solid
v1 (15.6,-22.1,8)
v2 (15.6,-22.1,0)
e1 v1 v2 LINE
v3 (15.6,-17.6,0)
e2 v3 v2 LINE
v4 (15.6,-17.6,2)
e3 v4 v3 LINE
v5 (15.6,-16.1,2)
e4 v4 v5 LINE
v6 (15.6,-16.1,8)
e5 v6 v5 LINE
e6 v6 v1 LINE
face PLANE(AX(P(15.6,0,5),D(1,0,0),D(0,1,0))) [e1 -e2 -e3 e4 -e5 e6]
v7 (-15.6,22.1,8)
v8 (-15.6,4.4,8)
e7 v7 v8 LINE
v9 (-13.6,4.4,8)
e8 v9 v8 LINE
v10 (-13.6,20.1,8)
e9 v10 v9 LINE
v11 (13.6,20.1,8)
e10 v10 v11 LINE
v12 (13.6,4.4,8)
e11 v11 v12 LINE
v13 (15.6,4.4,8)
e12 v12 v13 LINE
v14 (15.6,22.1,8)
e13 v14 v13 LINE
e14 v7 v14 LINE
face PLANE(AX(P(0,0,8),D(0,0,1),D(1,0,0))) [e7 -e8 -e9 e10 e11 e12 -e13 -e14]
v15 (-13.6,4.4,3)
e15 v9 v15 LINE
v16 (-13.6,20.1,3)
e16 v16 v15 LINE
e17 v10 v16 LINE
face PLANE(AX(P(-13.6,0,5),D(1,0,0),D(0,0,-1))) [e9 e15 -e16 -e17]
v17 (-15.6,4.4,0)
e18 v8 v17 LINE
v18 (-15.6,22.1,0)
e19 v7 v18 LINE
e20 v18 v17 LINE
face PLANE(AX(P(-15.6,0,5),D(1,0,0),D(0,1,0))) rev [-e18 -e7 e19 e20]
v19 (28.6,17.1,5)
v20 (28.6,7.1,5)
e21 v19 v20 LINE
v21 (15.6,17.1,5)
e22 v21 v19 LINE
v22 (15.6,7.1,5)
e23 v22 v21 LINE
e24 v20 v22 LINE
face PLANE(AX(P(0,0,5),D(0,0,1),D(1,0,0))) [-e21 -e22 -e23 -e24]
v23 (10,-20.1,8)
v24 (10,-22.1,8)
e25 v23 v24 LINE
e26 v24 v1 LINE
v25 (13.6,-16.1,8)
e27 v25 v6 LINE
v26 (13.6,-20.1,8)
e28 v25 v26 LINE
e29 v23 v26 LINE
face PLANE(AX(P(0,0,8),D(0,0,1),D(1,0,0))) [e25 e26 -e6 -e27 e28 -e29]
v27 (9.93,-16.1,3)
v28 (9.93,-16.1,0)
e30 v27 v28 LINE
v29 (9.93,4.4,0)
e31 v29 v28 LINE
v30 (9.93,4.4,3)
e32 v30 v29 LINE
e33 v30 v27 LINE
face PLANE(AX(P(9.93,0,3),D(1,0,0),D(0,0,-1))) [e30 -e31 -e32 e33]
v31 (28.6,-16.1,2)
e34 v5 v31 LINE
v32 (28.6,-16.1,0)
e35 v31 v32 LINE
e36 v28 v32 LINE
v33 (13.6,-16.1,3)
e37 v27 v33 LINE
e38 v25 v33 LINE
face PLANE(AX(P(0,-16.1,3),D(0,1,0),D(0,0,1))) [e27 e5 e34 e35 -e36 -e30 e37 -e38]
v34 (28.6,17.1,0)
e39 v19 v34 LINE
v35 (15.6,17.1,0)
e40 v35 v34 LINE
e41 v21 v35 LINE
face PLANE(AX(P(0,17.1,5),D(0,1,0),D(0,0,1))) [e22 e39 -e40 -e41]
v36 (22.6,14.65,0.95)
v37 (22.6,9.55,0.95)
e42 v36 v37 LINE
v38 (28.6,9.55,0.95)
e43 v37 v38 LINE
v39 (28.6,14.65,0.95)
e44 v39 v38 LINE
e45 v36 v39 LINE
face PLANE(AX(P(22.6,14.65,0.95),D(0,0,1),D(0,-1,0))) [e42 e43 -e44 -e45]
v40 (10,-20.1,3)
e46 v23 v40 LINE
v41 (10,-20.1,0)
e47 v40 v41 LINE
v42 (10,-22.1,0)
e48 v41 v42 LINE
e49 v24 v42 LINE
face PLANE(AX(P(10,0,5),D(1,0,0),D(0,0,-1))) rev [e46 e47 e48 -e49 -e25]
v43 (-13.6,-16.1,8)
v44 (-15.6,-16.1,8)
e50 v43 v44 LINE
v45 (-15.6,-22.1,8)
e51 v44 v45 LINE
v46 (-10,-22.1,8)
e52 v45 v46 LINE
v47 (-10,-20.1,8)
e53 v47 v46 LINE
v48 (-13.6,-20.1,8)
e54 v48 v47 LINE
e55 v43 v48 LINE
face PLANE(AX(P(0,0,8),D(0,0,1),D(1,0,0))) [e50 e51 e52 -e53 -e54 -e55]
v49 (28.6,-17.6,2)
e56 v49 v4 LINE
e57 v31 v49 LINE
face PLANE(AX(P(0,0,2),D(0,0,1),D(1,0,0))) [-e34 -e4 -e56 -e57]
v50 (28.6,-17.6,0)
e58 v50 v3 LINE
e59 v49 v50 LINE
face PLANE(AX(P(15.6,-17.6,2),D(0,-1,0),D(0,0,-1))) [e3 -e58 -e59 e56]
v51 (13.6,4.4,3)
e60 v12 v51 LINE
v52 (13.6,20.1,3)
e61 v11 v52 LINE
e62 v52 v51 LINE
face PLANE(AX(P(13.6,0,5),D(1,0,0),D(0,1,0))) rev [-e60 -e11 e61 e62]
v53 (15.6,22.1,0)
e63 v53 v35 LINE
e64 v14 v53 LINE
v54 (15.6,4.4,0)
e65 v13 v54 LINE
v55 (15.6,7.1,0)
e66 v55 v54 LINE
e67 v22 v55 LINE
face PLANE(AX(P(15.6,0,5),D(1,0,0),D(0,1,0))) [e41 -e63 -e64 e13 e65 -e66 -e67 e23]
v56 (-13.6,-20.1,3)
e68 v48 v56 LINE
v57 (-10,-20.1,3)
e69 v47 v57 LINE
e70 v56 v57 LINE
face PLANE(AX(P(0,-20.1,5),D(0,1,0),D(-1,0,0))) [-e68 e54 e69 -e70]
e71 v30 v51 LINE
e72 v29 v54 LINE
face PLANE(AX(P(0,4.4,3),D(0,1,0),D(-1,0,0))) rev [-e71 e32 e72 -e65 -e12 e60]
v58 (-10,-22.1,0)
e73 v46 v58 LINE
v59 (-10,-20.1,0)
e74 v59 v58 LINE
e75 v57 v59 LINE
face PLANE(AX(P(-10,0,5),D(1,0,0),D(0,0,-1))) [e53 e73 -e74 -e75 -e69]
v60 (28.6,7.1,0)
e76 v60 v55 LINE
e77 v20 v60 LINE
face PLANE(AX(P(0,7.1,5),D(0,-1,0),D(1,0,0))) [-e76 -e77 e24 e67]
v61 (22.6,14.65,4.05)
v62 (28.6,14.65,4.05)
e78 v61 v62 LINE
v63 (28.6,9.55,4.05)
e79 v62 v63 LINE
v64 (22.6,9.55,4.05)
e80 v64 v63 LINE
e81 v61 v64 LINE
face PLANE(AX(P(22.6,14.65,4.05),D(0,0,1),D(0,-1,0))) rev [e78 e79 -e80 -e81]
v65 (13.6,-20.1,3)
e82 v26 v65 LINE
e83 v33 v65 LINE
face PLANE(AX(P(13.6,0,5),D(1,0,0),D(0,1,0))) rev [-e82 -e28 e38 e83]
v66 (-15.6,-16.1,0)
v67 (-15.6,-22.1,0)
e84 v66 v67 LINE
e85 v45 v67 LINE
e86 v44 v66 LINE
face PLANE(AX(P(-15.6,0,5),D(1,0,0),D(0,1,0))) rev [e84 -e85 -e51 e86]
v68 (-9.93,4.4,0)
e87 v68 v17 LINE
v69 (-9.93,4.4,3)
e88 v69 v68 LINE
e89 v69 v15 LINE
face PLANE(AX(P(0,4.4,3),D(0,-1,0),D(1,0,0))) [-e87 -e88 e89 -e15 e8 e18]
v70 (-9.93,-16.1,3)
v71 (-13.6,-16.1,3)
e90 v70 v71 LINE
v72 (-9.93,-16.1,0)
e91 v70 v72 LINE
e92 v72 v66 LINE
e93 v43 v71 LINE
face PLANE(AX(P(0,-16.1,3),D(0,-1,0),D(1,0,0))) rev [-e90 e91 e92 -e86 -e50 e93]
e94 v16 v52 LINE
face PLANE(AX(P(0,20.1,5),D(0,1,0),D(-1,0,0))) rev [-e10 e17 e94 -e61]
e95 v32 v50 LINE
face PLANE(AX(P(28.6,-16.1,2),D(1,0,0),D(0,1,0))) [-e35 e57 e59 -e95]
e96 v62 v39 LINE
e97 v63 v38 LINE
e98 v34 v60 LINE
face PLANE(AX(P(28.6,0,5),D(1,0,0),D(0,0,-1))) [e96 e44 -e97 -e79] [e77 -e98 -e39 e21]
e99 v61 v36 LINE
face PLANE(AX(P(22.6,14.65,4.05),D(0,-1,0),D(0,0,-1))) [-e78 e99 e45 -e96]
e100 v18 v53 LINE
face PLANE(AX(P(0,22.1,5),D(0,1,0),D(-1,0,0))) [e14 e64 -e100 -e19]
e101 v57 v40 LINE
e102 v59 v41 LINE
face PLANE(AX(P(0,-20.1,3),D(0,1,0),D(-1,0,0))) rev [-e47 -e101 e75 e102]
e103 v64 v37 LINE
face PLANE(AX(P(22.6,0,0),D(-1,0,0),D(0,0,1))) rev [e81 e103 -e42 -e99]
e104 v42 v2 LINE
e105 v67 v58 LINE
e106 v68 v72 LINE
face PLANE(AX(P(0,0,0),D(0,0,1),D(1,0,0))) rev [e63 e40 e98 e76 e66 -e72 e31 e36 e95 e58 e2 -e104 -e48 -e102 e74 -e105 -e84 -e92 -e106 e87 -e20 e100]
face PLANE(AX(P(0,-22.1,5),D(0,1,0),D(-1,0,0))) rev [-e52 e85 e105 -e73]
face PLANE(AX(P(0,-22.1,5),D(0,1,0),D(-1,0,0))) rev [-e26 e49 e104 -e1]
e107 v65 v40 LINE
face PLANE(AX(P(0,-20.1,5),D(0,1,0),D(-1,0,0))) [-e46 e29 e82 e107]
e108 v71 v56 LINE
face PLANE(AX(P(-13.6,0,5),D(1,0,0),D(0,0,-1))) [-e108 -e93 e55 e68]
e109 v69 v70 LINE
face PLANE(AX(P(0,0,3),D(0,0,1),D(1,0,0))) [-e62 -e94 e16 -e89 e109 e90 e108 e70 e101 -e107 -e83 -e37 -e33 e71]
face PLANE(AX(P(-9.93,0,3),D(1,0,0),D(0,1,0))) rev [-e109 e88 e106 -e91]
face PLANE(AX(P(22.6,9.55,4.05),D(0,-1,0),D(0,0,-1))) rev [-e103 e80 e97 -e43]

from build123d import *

# Parameters (mm, degrees)
BOSS_EXTRUDE1_DEPTH = 3
BOSS_EXTRUDE2_DEPTH = 5
SKETCH1_4_W         = 13
SKETCH1_4_H         = 10
BOSS_EXTRUDE3_DEPTH = 5
SKETCH2_W           = 3.1
SKETCH2_H           = 5.1
CUT_EXTRUDE1_DEPTH  = 6
BOSS_EXTRUDE4_DEPTH = 8
SKETCH3_W           = 13
SKETCH3_H           = 1.5
BOSS_EXTRUDE5_DEPTH = 2


with BuildPart() as part:
    # Sketch1 → Boss-Extrude1 (new body)
    with BuildSketch(Plane.XY):
        Polygon((9.93, 4.4), (13.6, 4.4), (13.6, 20.1), (-13.6, 20.1), (-13.6, 4.4), (-9.93, 4.4), (-9.93, -16.1), (-13.6, -16.1), (-13.6, -20.1), (-10, -20.1), (10, -20.1), (13.6, -20.1), (13.6, -16.1), (9.93, -16.1), align=None)
    extrude(amount=BOSS_EXTRUDE1_DEPTH)

    # Sketch1<3> → Boss-Extrude2 (add)
    with BuildSketch(Plane.XY):
        Polygon((15.6, 4.4), (15.6, 22.1), (-15.6, 22.1), (-15.6, 4.4), (-13.6, 4.4), (-13.6, 20.1), (13.6, 20.1), (13.6, 4.4), align=None)
        Polygon((15.6, -22.1), (15.6, -16.1), (13.6, -16.1), (13.6, -20.1), (10, -20.1), (10, -22.1), align=None)
        Polygon((-13.6, -16.1), (-15.6, -16.1), (-15.6, -22.1), (-10, -22.1), (-10, -20.1), (-13.6, -20.1), align=None)
    extrude(amount=BOSS_EXTRUDE2_DEPTH)

    # Sketch1<4> → Boss-Extrude3 (add)
    with BuildSketch(Plane.XY):
        with Locations((22.1, 12.1)):
            Rectangle(SKETCH1_4_W, SKETCH1_4_H)
    extrude(amount=BOSS_EXTRUDE3_DEPTH)

    # Sketch2 → Cut-Extrude1 (cut)
    with BuildSketch(Plane(origin=(28.6, 0, 0), x_dir=(0, 0, -1), z_dir=(1, 0, 0))):
        with Locations((-2.5, 12.1)):
            Rectangle(SKETCH2_W, SKETCH2_H)
    extrude(amount=-CUT_EXTRUDE1_DEPTH, mode=Mode.SUBTRACT)

    # Sketch1<5> → Boss-Extrude4 (add)
    with BuildSketch(Plane.XY):
        Polygon((15.6, 4.4), (15.6, 22.1), (-15.6, 22.1), (-15.6, 4.4), (-13.6, 4.4), (-13.6, 20.1), (13.6, 20.1), (13.6, 4.4), align=None)
        Polygon((15.6, -22.1), (15.6, -16.1), (13.6, -16.1), (13.6, -20.1), (10, -20.1), (10, -22.1), align=None)
        Polygon((-13.6, -16.1), (-15.6, -16.1), (-15.6, -22.1), (-10, -22.1), (-10, -20.1), (-13.6, -20.1), align=None)
    extrude(amount=BOSS_EXTRUDE4_DEPTH)

    # Sketch3 → Boss-Extrude5 (add)
    with BuildSketch(Plane(origin=(0, 0, 0), x_dir=(-1, 0, 0), z_dir=(0, 0, -1))):
        with Locations((-22.1, -16.85)):
            Rectangle(SKETCH3_W, SKETCH3_H)
    extrude(amount=-BOSS_EXTRUDE5_DEPTH)


solid = part.part
